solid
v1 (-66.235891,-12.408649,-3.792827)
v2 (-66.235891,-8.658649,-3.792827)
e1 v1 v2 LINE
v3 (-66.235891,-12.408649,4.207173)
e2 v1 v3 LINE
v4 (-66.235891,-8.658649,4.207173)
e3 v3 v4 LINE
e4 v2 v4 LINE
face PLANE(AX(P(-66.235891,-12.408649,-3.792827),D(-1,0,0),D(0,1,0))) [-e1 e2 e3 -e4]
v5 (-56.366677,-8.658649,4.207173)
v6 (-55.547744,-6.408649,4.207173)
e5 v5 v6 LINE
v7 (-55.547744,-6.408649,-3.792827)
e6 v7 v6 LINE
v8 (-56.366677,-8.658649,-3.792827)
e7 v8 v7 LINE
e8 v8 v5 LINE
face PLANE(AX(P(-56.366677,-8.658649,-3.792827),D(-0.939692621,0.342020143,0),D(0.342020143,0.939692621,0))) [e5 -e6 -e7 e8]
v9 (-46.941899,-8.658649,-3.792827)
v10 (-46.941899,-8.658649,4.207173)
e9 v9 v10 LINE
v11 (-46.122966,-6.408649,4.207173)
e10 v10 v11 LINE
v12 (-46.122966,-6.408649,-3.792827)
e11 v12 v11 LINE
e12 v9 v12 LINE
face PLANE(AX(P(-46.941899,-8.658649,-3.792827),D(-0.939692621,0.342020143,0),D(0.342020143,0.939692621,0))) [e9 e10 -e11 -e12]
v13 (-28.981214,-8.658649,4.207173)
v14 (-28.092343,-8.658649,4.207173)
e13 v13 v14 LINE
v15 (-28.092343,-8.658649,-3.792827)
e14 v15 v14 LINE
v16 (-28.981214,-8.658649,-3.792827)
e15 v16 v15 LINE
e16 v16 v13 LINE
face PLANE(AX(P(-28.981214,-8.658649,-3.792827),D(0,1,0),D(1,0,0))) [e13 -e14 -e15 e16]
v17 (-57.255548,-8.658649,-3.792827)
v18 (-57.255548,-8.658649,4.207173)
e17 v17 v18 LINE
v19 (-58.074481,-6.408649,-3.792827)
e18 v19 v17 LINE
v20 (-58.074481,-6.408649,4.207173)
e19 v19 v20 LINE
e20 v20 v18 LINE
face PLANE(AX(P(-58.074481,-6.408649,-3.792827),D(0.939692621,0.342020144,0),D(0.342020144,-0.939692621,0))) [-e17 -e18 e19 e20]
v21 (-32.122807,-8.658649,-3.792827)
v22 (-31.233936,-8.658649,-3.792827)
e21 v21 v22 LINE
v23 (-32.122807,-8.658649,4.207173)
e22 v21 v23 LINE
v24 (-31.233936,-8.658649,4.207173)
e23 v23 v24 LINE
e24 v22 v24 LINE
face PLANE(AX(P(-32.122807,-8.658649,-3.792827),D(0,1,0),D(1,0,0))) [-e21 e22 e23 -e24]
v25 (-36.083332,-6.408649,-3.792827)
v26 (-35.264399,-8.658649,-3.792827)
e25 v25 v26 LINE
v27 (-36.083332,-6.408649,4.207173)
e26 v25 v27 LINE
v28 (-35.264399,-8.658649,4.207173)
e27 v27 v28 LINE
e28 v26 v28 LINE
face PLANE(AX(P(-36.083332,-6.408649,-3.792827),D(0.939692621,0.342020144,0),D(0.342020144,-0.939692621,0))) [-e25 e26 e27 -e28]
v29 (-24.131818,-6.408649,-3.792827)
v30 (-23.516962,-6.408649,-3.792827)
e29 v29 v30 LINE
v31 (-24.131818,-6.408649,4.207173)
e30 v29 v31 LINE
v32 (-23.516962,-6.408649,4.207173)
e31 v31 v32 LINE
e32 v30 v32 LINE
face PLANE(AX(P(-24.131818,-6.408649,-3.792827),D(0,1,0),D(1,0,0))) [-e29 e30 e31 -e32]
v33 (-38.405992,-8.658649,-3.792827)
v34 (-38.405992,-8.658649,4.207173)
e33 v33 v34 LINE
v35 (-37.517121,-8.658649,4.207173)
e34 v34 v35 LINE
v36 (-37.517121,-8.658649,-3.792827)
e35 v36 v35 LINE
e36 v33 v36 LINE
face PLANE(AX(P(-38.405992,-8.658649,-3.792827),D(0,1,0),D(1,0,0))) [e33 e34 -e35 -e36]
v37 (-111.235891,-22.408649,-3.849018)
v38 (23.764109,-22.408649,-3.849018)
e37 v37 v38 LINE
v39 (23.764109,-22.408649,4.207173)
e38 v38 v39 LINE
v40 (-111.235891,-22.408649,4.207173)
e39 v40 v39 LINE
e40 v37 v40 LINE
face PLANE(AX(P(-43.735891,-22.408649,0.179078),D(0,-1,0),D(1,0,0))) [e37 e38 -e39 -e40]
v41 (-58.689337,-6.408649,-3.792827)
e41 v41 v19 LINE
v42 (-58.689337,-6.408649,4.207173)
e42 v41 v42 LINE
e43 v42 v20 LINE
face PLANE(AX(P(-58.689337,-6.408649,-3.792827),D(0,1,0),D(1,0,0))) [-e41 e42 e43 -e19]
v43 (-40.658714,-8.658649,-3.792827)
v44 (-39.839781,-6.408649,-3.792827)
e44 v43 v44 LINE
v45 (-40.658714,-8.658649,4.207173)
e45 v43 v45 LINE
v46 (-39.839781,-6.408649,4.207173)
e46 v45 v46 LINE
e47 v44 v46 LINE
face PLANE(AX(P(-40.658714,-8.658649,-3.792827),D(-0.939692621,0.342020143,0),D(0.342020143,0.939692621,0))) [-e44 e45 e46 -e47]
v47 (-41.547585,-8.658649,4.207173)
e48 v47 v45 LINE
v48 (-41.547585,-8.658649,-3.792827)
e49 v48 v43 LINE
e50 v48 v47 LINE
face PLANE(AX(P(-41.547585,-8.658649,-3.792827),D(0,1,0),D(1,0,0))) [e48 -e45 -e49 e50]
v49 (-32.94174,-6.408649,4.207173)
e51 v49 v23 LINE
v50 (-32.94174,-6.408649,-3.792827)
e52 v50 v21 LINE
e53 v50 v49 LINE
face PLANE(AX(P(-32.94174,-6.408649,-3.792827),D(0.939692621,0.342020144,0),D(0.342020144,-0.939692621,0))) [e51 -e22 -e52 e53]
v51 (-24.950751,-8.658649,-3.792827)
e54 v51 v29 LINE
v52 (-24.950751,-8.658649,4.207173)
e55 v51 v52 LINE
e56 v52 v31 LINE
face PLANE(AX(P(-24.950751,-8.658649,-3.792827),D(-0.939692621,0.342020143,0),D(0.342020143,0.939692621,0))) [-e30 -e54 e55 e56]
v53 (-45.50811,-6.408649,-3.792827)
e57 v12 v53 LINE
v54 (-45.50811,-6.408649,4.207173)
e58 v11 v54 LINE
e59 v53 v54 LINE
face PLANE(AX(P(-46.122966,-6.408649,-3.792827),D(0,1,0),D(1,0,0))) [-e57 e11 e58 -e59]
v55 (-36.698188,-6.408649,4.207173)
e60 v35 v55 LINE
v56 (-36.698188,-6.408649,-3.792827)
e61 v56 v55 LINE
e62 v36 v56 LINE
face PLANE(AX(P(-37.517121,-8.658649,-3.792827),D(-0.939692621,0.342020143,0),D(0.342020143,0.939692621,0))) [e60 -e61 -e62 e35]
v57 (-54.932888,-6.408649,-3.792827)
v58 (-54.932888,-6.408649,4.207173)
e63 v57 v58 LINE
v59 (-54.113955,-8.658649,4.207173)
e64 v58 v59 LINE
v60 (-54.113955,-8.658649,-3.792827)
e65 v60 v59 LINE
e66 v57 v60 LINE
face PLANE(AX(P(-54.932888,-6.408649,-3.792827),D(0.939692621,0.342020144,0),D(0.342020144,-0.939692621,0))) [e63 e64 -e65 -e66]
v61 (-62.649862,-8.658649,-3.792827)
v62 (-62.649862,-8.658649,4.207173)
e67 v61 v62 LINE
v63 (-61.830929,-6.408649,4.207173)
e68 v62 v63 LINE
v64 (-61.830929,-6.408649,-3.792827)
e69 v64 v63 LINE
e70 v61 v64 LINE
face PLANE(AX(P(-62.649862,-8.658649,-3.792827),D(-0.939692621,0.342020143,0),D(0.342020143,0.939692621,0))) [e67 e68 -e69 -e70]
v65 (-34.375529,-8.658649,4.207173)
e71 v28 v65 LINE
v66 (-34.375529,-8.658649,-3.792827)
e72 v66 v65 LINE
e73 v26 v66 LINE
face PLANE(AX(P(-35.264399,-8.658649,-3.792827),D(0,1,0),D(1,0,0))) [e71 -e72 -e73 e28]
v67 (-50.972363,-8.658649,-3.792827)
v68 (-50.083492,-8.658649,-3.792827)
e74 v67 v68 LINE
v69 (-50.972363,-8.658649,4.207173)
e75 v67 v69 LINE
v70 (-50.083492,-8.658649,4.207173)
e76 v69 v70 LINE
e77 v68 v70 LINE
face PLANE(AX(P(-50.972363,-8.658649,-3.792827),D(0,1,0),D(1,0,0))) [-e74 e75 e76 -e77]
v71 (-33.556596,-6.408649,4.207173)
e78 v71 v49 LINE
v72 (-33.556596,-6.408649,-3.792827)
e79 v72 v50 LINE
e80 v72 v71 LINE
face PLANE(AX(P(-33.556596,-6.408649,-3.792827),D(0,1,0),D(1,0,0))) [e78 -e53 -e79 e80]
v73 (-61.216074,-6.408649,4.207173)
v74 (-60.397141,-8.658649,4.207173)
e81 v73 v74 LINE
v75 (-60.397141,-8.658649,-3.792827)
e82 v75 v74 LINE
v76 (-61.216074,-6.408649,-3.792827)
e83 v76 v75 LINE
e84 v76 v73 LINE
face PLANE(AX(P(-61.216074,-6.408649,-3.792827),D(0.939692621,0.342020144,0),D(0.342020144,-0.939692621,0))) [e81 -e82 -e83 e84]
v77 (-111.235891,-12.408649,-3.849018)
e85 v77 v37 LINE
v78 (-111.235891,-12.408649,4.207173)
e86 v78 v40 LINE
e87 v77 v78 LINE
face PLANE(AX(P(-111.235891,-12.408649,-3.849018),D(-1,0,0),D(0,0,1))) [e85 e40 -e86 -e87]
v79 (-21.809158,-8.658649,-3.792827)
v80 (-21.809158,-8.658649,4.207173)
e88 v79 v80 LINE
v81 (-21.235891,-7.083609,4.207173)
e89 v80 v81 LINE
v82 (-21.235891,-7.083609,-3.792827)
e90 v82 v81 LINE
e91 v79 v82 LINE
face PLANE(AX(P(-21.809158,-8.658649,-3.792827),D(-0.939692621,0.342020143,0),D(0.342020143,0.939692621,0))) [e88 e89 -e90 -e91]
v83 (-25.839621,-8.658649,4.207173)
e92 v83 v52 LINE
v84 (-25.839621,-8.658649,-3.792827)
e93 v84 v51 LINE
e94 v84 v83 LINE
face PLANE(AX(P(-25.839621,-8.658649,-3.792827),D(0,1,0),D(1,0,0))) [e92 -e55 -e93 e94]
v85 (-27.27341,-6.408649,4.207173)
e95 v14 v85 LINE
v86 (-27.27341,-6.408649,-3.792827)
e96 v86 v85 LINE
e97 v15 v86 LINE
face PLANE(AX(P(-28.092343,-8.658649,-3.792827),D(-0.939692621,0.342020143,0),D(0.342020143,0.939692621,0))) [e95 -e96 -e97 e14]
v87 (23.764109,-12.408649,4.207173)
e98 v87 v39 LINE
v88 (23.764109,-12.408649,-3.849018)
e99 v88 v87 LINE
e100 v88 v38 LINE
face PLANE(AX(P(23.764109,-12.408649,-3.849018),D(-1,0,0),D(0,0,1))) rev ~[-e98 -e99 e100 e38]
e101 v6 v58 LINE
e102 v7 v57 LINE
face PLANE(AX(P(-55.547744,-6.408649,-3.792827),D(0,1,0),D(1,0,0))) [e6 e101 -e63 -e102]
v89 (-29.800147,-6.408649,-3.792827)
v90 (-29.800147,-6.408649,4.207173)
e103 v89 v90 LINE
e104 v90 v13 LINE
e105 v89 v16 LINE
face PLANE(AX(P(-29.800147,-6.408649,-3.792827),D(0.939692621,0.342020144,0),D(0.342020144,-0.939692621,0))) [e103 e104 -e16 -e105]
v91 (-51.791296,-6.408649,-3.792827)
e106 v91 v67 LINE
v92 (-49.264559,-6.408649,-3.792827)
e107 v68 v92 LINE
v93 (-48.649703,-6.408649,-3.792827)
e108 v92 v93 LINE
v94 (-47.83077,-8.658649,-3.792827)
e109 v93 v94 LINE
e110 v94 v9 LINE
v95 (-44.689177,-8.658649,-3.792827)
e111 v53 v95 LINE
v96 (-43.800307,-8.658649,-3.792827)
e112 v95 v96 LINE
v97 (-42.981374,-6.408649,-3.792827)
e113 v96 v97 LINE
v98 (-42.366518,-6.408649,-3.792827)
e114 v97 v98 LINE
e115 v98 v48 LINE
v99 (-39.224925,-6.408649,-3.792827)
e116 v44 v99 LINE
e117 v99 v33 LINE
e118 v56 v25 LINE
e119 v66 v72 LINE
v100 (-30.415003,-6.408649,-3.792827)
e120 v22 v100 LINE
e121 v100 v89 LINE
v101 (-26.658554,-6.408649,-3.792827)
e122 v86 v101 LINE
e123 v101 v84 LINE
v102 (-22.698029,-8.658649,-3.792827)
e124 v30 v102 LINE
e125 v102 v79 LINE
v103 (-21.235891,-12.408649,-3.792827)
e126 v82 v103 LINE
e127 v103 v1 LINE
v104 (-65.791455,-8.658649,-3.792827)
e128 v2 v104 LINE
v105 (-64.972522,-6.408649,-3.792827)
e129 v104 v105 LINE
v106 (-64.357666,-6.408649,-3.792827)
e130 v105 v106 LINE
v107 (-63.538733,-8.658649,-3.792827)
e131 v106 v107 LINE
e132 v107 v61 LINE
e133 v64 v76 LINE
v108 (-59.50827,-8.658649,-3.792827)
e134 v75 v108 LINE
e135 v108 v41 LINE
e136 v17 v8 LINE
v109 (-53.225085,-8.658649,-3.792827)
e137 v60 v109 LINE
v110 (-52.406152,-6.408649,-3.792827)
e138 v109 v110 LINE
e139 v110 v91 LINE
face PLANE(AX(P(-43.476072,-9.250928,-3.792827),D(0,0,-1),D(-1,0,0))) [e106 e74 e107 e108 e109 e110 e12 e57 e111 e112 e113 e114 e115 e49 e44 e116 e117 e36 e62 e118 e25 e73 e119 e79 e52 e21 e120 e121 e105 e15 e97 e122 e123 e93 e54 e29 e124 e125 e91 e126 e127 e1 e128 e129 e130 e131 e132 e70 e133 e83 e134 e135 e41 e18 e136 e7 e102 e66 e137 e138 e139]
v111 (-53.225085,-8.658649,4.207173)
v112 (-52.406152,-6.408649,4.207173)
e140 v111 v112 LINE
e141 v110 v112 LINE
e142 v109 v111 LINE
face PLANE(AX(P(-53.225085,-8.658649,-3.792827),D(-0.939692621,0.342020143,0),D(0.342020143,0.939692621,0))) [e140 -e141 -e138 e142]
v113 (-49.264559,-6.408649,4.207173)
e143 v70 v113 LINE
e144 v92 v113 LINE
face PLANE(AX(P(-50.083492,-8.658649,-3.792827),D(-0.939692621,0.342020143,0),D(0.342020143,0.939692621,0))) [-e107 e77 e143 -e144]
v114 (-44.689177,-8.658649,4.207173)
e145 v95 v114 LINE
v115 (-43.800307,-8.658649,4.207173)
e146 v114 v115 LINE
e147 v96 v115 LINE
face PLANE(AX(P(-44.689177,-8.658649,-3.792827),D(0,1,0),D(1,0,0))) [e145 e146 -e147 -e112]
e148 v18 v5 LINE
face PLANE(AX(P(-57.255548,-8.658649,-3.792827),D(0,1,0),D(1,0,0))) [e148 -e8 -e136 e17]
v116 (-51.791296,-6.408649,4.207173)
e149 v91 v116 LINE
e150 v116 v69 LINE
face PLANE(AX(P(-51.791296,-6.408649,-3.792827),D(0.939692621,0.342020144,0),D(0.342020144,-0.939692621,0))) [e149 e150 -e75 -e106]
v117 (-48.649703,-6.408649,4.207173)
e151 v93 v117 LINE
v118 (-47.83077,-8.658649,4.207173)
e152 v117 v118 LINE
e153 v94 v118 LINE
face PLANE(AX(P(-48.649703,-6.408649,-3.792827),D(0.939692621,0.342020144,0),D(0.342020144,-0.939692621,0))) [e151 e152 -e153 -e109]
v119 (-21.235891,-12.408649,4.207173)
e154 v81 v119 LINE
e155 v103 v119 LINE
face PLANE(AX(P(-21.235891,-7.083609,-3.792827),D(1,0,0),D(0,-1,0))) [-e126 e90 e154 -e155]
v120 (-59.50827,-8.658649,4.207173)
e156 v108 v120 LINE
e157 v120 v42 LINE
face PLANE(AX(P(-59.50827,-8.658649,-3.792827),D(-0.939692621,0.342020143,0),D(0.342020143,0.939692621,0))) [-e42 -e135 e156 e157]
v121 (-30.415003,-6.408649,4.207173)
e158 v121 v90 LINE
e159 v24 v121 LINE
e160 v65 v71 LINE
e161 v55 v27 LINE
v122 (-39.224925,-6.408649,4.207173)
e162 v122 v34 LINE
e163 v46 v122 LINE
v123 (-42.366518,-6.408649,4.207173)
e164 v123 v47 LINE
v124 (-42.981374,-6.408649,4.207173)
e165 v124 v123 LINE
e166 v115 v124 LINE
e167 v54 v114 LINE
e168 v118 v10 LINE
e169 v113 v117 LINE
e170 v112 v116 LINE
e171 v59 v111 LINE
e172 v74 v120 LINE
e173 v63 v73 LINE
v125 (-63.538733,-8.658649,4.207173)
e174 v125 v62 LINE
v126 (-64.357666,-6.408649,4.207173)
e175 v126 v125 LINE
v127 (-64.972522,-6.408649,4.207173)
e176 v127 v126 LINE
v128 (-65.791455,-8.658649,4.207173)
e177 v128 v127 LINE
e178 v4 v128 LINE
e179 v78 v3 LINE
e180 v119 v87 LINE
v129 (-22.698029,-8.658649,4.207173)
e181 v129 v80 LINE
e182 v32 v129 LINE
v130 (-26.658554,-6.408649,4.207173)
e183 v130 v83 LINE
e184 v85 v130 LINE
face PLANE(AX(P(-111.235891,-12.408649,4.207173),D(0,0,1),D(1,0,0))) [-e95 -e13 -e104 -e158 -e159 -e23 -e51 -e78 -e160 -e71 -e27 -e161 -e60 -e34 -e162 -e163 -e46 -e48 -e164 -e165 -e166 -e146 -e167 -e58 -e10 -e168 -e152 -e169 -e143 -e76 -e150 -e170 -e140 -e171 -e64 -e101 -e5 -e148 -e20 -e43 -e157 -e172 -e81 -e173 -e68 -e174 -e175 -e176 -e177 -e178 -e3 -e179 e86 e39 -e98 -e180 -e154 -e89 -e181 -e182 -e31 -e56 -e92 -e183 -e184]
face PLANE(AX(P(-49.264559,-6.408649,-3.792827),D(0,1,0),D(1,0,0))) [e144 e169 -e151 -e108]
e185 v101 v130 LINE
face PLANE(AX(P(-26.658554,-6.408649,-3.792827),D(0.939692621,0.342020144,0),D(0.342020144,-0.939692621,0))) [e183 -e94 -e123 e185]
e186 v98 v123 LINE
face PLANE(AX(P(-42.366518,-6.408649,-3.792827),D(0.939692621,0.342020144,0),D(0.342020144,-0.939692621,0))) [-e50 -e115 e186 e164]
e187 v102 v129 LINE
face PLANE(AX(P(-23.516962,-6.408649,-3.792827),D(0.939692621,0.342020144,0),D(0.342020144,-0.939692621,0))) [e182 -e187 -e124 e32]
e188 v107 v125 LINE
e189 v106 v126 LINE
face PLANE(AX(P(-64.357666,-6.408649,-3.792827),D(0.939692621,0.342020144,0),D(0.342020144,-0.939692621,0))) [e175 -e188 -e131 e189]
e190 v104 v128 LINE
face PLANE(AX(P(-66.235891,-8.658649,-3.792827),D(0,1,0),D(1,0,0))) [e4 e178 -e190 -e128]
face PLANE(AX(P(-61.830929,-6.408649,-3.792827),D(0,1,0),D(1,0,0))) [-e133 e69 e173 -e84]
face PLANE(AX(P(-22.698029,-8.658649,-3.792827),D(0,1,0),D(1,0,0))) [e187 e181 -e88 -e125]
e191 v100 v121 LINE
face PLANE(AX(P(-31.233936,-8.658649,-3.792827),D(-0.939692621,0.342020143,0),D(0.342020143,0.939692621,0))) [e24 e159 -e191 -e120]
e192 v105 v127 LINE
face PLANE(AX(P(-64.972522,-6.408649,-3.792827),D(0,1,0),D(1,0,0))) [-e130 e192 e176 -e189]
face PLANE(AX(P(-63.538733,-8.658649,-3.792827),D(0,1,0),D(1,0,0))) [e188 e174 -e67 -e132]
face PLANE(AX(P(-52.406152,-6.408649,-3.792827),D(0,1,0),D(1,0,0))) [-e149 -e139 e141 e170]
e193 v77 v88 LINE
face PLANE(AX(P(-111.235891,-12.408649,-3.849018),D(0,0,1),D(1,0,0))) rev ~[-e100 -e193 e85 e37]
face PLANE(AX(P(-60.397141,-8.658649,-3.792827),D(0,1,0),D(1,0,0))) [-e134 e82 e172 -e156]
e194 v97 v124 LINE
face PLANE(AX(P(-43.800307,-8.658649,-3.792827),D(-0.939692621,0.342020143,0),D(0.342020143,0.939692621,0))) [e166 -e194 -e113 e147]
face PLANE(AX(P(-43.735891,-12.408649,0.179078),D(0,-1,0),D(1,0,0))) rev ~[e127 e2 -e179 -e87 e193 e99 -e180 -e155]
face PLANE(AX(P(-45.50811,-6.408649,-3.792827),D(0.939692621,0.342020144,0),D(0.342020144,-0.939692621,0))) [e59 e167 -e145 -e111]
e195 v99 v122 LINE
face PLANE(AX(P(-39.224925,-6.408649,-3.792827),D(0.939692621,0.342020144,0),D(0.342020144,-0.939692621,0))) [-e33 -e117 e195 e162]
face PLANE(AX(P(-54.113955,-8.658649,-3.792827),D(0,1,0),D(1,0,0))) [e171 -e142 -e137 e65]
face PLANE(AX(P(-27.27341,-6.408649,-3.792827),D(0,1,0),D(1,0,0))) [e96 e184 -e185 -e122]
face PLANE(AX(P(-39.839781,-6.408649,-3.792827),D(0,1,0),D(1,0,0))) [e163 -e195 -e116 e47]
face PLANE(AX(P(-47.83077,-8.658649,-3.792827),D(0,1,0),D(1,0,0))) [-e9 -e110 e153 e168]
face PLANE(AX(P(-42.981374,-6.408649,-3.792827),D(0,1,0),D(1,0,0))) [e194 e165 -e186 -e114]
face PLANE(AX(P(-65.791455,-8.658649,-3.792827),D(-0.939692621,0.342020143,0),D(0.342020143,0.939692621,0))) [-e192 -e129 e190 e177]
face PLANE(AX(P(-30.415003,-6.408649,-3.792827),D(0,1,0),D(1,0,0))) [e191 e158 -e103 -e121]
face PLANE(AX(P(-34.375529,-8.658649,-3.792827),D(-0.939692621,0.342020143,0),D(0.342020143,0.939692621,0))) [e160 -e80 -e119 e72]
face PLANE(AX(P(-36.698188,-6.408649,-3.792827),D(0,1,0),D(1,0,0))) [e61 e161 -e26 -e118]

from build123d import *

# Parameters (mm, degrees)
BOSS_EXTRUDE1_DEPTH = 8
SKETCH2_W           = 135
SKETCH2_H           = 8.056190957
BOSS_EXTRUDE2_DEPTH = 10


with BuildPart() as part:
    # Sketch1 → Boss-Extrude1 (new body)
    with BuildSketch(Plane(origin=(0, 0, -3.792826984), x_dir=(-1, 0, 0), z_dir=(0, 0, -1))):
        Polygon((23.516961809, -6.40864854), (22.698028781, -8.65864854), (21.809158042, -8.65864854), (21.235890512, -7.083608945), (21.235890512, -12.40864854), (66.235890512, -12.40864854), (66.235890512, -8.65864854), (65.791455142, -8.65864854), (64.972522115, -6.40864854), (64.357666259, -6.40864854), (63.538733231, -8.65864854), (62.649862492, -8.65864854), (61.830929465, -6.40864854), (61.216073609, -6.40864854), (60.397140581, -8.65864854), (59.508269842, -8.65864854), (58.689336815, -6.40864854), (58.074480959, -6.40864854), (57.255547931, -8.65864854), (56.366677192, -8.65864854), (55.547744165, -6.40864854), (54.932888309, -6.40864854), (54.113955281, -8.65864854), (53.225084542, -8.65864854), (52.406151515, -6.40864854), (51.791295659, -6.40864854), (50.972362631, -8.65864854), (50.083491892, -8.65864854), (49.264558865, -6.40864854), (48.649703009, -6.40864854), (47.830769981, -8.65864854), (46.941899242, -8.65864854), (46.122966215, -6.40864854), (45.508110359, -6.40864854), (44.689177331, -8.65864854), (43.800306592, -8.65864854), (42.981373565, -6.40864854), (42.366517709, -6.40864854), (41.547584681, -8.65864854), (40.658713942, -8.65864854), (39.839780915, -6.40864854), (39.224925059, -6.40864854), (38.405992031, -8.65864854), (37.517121292, -8.65864854), (36.698188265, -6.40864854), (36.083332409, -6.40864854), (35.264399381, -8.65864854), (34.375528642, -8.65864854), (33.556595615, -6.40864854), (32.941739759, -6.40864854), (32.122806731, -8.65864854), (31.233935992, -8.65864854), (30.415002965, -6.40864854), (29.800147109, -6.40864854), (28.981214081, -8.65864854), (28.092343342, -8.65864854), (27.273410315, -6.40864854), (26.658554459, -6.40864854), (25.839621431, -8.65864854), (24.950750692, -8.65864854), (24.131817665, -6.40864854), align=None)
    extrude(amount=-BOSS_EXTRUDE1_DEPTH)

    # Sketch2 → Boss-Extrude2 (add)
    with BuildSketch(Plane.XZ.offset(12.40864854)):
        with Locations((-43.735890512, 0.179077538)):
            Rectangle(SKETCH2_W, SKETCH2_H)
    extrude(amount=BOSS_EXTRUDE2_DEPTH)


solid = part.part
